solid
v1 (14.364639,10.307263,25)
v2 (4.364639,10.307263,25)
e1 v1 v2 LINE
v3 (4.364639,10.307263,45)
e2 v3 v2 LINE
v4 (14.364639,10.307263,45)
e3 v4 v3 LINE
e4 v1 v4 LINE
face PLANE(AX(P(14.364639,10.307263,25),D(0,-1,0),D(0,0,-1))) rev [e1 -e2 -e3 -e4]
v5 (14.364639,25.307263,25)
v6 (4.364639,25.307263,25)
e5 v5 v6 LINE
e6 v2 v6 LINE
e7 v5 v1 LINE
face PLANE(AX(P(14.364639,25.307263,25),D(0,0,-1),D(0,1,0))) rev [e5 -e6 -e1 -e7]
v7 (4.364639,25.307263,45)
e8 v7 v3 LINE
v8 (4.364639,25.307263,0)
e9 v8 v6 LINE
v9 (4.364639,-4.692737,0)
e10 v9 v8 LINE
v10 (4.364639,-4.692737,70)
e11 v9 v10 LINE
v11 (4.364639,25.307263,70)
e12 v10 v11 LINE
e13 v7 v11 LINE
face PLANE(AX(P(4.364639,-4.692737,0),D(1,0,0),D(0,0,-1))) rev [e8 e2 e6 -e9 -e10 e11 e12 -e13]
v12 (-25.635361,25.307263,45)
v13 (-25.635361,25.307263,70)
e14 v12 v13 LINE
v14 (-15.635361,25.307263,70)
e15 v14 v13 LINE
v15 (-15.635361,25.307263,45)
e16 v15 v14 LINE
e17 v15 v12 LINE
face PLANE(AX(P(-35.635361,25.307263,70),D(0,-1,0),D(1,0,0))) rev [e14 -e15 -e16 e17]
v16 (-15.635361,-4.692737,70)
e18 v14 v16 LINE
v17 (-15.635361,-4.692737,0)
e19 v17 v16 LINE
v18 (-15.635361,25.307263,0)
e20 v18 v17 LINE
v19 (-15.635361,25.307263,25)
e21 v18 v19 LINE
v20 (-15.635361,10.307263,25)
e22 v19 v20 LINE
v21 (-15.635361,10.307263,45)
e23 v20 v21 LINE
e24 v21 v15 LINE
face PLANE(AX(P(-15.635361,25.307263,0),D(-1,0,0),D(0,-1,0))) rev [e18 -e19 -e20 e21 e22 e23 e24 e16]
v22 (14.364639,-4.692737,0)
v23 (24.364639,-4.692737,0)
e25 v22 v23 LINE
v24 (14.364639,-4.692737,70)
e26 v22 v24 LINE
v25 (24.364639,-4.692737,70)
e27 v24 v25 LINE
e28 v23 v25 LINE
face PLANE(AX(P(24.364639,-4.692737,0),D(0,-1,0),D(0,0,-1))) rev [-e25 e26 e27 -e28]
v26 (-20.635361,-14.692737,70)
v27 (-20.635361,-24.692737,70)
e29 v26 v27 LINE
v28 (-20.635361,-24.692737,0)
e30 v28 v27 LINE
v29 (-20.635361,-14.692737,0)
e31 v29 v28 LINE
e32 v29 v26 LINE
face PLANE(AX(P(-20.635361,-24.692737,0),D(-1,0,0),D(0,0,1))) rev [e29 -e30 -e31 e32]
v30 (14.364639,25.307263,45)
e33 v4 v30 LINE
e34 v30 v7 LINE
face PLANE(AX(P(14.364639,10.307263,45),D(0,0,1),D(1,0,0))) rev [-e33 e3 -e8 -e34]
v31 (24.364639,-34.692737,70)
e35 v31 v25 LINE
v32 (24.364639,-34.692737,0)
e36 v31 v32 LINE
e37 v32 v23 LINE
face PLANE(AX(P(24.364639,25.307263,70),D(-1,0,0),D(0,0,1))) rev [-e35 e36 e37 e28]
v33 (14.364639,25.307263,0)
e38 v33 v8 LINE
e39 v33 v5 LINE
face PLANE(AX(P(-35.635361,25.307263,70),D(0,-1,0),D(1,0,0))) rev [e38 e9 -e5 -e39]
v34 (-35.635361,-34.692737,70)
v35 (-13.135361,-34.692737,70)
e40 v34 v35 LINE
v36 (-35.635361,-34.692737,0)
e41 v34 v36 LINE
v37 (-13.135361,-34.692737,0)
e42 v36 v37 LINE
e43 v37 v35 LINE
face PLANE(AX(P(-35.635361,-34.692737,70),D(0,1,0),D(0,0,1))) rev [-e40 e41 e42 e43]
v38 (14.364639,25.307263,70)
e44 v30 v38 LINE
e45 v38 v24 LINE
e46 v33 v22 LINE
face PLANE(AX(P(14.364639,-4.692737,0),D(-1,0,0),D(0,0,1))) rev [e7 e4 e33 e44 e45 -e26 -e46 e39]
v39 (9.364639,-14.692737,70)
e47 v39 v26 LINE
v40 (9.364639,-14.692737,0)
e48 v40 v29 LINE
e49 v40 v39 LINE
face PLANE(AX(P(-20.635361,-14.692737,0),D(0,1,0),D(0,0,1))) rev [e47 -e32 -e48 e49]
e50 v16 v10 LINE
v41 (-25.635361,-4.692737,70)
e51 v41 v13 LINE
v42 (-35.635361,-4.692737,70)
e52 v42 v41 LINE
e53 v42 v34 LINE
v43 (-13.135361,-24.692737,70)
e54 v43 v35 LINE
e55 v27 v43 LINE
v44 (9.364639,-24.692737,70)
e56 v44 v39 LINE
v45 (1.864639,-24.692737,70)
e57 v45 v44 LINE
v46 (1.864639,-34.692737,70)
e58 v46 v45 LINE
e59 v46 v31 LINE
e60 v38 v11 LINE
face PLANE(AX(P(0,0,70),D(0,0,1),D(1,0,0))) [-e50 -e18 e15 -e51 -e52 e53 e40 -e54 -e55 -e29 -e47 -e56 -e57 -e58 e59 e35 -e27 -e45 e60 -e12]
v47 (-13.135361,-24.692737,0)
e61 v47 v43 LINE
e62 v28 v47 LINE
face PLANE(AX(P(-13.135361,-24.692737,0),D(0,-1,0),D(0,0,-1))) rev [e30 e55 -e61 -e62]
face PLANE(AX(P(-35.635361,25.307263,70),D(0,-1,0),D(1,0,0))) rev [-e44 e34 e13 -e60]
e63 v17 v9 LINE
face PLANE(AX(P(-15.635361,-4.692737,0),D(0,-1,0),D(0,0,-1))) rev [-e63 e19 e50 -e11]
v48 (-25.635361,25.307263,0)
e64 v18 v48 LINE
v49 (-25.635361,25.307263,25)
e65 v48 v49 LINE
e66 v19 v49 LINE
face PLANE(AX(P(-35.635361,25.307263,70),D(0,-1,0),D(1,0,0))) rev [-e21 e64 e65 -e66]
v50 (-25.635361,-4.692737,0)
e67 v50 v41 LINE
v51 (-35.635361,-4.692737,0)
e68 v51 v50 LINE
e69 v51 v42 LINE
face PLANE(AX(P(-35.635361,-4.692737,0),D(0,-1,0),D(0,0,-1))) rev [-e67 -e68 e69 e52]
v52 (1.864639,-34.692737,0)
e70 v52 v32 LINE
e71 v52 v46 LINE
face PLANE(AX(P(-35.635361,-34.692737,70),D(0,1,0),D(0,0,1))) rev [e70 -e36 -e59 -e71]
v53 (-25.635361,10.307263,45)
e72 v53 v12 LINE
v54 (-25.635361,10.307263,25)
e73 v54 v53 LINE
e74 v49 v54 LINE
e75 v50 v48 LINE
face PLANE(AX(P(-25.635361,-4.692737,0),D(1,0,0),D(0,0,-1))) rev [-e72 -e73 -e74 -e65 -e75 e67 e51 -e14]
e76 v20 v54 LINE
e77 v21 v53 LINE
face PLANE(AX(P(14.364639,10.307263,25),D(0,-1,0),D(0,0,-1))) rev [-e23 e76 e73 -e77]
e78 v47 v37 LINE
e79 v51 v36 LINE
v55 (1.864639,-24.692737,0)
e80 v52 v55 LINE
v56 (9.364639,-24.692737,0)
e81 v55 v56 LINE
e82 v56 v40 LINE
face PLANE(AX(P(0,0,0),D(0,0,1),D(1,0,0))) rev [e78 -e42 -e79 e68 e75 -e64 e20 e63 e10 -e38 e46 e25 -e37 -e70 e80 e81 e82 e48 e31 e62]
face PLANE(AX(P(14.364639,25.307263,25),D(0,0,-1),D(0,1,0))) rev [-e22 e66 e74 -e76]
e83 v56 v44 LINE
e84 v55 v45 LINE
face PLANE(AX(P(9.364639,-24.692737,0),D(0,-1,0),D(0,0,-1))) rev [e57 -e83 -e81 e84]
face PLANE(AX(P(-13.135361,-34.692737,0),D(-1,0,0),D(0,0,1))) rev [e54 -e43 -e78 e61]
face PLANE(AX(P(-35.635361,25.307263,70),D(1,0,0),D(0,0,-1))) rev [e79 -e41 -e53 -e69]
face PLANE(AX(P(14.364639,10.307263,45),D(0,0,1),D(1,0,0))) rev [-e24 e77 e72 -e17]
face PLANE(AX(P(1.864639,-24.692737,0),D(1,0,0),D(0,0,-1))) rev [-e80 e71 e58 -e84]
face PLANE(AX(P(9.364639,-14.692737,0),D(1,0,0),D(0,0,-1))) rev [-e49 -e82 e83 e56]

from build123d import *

# Parameters (mm, degrees)
IZIM1_W                     = 60
IZIM1_H                     = 60
Y_KSEKLIK_EKSTR_ZYON1_DEPTH = 70
KES_EKSTR_ZYON1_DEPTH       = 70
IZIM3_W                     = 10
IZIM3_H                     = 30
KES_EKSTR_ZYON2_DEPTH       = 70
IZIM4_W                     = 20
IZIM4_H                     = 30
KES_EKSTR_ZYON5_DEPTH       = 70
IZIM5_W                     = 20
IZIM5_H                     = 15
KES_EKSTR_ZYON6_DEPTH       = 40


with BuildPart() as part:
    # Çizim1 → Yükseklik-Ekstrüzyon1 (new body)
    with BuildSketch(Plane.XY):
        with Locations((-5.635360797, -4.69273743)):
            Rectangle(IZIM1_W, IZIM1_H)
    extrude(amount=Y_KSEKLIK_EKSTR_ZYON1_DEPTH)

    # Çizim2 → Kes-Ekstrüzyon1 (cut)
    with BuildSketch(Plane.XY.offset(70)):
        Polygon((9.364639203, -24.69273743), (1.864639203, -24.69273743), (1.864639203, -34.69273743), (-5.635360797, -34.69273743), (-13.135360797, -34.69273743), (-13.135360797, -24.69273743), (-20.635360797, -24.69273743), (-20.635360797, -14.69273743), (9.364639203, -14.69273743), align=None)
    extrude(amount=-KES_EKSTR_ZYON1_DEPTH, mode=Mode.SUBTRACT)

    # Çizim3 → Kes-Ekstrüzyon2 (cut)
    with BuildSketch(Plane.XY.offset(70)):
        with Locations((19.364639203, 10.30726257)):
            Rectangle(IZIM3_W, IZIM3_H)
        with Locations((-30.635360797, 10.30726257)):
            Rectangle(IZIM3_W, IZIM3_H)
    extrude(amount=-KES_EKSTR_ZYON2_DEPTH, mode=Mode.SUBTRACT)

    # Çizim4 → Kes-Ekstrüzyon5 (cut)
    with BuildSketch(Plane.XY.offset(70)):
        with Locations((-5.635360797, 10.30726257)):
            Rectangle(IZIM4_W, IZIM4_H)
    extrude(amount=-KES_EKSTR_ZYON5_DEPTH, mode=Mode.SUBTRACT)

    # Çizim5 → Kes-Ekstrüzyon6 (cut)
    with BuildSketch(Plane.ZY.offset(25.635360797)):
        with Locations((35, 17.80726257)):
            Rectangle(IZIM5_W, IZIM5_H)
    extrude(amount=-KES_EKSTR_ZYON6_DEPTH, mode=Mode.SUBTRACT)


solid = part.part
